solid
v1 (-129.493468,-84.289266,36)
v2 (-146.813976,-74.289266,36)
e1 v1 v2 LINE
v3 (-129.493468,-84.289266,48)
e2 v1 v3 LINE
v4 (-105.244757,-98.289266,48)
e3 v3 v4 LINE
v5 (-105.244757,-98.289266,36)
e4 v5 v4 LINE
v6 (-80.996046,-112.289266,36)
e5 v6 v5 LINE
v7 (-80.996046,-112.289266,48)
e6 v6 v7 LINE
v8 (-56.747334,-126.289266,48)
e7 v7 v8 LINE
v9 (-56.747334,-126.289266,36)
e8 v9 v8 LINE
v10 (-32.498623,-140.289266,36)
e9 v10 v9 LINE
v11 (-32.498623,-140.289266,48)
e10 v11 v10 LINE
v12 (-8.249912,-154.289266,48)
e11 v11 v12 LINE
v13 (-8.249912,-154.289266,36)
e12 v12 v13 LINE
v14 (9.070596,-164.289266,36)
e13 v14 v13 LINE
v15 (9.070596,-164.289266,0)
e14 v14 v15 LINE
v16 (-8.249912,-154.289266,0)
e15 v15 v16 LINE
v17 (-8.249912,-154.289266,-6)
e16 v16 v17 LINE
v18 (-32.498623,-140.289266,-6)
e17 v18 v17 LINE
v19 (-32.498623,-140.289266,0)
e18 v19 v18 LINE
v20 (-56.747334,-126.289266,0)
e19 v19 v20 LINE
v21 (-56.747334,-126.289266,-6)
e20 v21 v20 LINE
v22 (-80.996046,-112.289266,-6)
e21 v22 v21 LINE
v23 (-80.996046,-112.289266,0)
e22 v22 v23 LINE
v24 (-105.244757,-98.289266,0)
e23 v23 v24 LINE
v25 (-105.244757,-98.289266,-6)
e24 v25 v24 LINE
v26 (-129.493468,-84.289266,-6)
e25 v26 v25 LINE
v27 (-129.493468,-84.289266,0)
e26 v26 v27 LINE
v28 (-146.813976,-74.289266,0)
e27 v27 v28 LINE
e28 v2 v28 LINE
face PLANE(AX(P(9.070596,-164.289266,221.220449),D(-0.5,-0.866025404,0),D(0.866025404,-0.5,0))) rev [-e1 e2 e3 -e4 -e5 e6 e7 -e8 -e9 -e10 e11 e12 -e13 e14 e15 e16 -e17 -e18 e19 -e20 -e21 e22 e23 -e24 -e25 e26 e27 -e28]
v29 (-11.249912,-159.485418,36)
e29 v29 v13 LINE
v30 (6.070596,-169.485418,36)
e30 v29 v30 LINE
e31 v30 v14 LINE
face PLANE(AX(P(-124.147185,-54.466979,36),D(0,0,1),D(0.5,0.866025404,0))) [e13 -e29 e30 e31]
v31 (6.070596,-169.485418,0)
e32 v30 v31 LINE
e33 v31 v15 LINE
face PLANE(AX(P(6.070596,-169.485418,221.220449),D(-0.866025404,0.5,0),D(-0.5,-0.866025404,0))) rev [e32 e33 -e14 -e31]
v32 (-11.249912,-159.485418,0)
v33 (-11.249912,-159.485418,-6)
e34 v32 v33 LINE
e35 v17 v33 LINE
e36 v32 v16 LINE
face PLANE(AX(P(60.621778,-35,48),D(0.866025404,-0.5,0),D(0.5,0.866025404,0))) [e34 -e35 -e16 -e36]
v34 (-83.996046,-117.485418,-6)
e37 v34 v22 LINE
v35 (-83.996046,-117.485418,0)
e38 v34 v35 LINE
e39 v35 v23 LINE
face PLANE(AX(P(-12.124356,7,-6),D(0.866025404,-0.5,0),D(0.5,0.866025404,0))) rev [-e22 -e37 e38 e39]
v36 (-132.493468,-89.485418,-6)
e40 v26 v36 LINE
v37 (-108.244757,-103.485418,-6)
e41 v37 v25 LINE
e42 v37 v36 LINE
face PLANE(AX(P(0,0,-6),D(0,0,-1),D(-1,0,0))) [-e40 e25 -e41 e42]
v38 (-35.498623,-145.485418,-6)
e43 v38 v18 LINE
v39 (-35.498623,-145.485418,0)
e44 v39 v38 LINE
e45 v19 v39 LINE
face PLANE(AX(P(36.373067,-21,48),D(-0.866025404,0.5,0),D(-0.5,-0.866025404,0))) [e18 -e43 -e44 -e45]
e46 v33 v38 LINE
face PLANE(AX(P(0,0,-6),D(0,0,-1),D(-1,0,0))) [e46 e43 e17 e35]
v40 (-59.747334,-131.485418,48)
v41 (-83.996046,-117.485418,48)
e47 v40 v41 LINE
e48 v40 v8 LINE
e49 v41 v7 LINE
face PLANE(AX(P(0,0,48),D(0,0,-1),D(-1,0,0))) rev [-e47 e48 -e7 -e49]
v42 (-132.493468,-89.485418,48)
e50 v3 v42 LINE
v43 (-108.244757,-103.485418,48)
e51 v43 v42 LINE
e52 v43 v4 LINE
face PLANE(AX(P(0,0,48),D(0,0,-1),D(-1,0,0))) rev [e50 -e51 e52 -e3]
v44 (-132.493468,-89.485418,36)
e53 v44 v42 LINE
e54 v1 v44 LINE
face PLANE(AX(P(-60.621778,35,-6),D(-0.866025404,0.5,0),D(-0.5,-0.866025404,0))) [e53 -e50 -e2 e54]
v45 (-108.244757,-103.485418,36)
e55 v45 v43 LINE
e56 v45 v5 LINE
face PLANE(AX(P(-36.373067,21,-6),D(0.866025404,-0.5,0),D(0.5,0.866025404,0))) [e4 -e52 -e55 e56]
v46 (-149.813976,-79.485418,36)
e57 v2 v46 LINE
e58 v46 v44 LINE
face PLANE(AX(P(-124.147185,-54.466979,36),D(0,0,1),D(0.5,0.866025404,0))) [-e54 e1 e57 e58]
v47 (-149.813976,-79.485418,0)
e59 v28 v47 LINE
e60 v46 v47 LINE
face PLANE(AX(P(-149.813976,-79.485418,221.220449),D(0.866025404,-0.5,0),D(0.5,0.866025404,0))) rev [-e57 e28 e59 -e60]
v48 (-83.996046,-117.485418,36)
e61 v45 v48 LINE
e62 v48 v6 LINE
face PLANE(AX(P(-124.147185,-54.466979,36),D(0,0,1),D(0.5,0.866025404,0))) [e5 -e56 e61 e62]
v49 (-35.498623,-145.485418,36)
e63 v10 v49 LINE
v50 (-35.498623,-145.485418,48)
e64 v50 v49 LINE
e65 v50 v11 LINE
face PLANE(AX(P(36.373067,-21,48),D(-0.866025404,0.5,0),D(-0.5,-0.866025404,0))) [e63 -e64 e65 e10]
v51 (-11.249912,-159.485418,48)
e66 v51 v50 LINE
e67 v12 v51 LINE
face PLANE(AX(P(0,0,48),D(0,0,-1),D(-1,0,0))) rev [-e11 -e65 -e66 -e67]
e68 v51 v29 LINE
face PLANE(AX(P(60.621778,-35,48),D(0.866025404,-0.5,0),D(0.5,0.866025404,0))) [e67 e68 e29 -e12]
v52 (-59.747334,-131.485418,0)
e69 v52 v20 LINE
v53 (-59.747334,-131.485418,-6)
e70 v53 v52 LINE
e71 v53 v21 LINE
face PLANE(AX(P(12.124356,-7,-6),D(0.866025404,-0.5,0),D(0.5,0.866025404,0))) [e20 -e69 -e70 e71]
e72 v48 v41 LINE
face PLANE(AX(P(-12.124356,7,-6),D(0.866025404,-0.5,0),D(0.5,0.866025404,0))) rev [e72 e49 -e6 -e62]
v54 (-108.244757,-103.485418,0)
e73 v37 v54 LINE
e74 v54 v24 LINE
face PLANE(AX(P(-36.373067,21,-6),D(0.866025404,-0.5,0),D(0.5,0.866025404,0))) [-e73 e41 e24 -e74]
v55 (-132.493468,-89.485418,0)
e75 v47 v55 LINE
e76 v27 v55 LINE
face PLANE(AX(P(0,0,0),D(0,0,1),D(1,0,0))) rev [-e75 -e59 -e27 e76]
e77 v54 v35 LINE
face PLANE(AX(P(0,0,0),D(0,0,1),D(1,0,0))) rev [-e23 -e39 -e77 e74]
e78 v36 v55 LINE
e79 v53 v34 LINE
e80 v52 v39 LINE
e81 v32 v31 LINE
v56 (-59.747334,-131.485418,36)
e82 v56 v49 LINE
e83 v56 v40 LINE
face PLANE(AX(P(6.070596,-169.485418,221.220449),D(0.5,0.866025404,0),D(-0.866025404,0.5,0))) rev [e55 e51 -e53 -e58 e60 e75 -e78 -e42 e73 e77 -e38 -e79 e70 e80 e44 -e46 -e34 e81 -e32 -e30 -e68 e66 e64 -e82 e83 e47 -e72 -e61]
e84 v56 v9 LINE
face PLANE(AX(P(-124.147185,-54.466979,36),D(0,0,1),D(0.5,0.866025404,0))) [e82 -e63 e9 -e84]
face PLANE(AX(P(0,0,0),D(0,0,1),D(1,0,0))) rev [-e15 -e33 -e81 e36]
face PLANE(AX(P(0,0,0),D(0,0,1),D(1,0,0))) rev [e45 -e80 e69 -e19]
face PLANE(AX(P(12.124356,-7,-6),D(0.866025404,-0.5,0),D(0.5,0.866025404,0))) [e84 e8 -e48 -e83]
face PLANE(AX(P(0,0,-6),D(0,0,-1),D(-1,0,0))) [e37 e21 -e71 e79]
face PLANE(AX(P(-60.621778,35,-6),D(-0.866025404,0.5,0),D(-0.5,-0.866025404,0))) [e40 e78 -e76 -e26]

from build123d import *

# Parameters (mm, degrees)
BOSS_EXTRU_1_DEPTH      = 36
BOSS_EXTRU_2_DEPTH      = 6
BOSS_EXTRU_2_DEPTH_BACK = 48


with BuildPart() as part:
    # Esquisse1 → Boss.-Extru.1 (new body)
    with BuildSketch(Plane.XY):
        Polygon((6.070596481, -169.485418462), (-149.8139762, -79.485418462), (-146.8139762, -74.28926604), (9.070596481, -164.28926604), align=None)
    extrude(amount=BOSS_EXTRU_1_DEPTH)

    # Esquisse3 → Boss.-Extru.2 (add, two sides: drawn at the far end of the back side and taken through both)
    with BuildSketch(Plane(origin=(0, 0, 0), x_dir=(-1, 0, 0), z_dir=(0, 0, -1)).offset(-BOSS_EXTRU_2_DEPTH_BACK)):
        Polygon((32.4986229, -140.28926604), (8.249911594, -154.28926604), (11.249911594, -159.485418462), (35.4986229, -145.485418462), align=None)
        Polygon((68.871689859, -119.28926604), (56.747334206, -126.28926604), (59.747334206, -131.485418462), (71.871689859, -124.485418462), align=None)
        Polygon((80.996045512, -112.28926604), (68.871689859, -119.28926604), (71.871689859, -124.485418462), (83.996045512, -117.485418462), align=None)
        Polygon((129.493468124, -84.28926604), (105.244756818, -98.28926604), (108.244756818, -103.485418462), (132.493468124, -89.485418462), align=None)
    extrude(amount=BOSS_EXTRU_2_DEPTH + BOSS_EXTRU_2_DEPTH_BACK)


solid = part.part
